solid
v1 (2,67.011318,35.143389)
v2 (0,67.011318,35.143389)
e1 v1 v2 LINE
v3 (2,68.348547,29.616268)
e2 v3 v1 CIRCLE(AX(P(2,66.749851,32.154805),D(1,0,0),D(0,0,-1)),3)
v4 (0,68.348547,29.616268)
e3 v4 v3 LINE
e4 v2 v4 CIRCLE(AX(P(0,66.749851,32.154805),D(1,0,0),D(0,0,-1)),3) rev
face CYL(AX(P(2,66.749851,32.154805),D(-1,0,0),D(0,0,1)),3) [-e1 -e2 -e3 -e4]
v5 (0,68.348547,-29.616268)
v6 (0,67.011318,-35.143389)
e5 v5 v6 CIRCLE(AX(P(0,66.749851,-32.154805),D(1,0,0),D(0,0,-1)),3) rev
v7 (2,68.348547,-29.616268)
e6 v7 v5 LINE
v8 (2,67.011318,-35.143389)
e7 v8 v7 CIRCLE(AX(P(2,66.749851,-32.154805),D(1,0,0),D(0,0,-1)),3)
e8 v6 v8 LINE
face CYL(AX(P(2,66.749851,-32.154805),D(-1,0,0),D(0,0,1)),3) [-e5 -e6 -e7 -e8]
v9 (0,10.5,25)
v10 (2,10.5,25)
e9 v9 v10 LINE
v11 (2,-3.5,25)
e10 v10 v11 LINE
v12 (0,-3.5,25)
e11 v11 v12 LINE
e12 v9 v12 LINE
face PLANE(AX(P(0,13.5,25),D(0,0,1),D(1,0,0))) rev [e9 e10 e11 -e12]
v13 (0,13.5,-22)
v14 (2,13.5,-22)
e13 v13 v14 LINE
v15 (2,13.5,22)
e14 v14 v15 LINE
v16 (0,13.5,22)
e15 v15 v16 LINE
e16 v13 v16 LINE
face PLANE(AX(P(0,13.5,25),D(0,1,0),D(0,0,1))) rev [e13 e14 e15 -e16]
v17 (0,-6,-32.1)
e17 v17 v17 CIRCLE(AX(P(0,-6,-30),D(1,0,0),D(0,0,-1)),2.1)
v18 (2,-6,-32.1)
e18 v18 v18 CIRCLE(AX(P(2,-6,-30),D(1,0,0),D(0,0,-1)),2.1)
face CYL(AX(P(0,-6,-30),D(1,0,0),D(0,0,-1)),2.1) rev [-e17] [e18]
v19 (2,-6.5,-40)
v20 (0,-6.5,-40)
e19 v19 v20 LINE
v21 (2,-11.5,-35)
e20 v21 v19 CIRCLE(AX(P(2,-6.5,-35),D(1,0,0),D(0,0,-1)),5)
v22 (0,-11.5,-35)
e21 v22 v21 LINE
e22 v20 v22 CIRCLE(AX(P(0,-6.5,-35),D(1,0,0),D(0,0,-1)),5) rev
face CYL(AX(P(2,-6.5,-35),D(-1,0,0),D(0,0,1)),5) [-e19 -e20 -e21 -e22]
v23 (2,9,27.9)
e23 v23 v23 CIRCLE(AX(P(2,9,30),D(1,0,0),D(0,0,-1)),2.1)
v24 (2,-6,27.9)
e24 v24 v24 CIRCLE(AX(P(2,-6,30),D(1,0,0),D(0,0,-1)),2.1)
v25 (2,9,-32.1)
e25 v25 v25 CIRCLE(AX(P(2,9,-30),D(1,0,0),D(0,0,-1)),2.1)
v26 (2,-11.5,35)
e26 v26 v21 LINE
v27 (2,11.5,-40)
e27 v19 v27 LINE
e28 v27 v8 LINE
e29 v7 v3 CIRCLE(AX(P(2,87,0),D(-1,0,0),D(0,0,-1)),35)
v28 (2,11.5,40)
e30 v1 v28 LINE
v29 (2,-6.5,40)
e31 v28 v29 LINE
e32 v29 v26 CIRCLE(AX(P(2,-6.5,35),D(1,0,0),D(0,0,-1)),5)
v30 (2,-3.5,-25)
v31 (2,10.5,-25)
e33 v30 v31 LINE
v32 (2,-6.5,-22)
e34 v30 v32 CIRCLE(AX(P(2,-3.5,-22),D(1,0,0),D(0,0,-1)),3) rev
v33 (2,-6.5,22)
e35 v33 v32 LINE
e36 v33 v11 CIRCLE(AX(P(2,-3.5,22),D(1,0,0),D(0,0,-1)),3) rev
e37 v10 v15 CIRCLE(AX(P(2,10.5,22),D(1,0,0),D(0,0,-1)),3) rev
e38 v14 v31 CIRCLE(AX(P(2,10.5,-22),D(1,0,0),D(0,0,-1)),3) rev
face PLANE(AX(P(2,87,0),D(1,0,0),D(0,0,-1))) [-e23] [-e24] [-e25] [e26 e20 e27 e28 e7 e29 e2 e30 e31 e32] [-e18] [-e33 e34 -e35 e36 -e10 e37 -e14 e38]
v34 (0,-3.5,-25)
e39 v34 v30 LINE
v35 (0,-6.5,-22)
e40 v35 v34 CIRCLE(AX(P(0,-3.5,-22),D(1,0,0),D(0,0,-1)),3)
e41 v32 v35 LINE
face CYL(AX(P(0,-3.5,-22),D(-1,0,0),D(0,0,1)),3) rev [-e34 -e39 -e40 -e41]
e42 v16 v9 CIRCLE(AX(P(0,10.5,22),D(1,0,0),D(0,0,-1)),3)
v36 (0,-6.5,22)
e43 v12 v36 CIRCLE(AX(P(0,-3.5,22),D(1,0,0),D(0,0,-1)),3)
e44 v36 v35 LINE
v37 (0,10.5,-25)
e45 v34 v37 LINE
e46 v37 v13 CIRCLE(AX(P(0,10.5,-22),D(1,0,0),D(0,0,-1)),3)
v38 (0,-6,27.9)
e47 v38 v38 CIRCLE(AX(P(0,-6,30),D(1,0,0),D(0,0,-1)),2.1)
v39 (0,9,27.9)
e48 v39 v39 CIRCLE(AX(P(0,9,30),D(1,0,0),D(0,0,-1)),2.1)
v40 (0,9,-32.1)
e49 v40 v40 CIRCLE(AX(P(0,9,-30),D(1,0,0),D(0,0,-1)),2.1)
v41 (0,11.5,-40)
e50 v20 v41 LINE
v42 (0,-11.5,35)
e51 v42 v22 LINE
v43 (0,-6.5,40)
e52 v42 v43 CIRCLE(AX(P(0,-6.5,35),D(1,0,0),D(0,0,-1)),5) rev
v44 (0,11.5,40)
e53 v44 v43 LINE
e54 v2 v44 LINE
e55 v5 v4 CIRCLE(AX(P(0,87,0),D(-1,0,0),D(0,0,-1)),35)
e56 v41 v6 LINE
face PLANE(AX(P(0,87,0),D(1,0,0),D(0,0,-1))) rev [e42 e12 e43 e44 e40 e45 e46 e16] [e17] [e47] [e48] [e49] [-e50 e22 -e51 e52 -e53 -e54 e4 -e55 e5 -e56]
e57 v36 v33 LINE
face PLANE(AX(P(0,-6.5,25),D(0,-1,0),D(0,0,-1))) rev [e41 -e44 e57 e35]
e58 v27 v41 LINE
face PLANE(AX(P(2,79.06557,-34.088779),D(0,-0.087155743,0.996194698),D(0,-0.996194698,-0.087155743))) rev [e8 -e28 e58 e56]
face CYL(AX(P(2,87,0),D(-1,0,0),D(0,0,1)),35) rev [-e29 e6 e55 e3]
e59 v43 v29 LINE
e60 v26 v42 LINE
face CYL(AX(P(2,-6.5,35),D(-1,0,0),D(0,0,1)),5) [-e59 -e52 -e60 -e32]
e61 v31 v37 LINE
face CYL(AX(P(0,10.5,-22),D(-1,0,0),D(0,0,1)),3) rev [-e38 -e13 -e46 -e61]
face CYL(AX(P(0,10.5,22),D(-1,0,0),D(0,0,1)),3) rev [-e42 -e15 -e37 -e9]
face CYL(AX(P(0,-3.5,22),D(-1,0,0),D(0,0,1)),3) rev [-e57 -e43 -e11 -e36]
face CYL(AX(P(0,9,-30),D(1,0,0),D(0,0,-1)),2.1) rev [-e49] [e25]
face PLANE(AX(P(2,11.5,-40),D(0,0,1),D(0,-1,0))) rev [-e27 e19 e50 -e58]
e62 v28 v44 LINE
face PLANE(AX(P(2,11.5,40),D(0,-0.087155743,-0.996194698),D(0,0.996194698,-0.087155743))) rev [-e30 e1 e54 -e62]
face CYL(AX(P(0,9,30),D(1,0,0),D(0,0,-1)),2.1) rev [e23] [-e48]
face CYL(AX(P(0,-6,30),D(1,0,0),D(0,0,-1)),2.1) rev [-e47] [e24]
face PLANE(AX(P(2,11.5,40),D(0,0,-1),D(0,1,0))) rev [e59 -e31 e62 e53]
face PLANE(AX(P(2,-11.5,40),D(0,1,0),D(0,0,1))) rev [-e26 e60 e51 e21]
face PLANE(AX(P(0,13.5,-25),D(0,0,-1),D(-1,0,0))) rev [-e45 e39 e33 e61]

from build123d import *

# Parameters (mm, degrees)
EXTRUDE_1_DEPTH     = 2
SKETCH_2_R          = 2.1
SKETCH_2_W          = 50
SKETCH_2_H          = 20
CUT_EXTRUDE_1_DEPTH = 2
FILLET_1_R          = 3
FILLET_2_R          = 5


with BuildPart() as part:
    # 草图1 → 凸台-拉伸1 (new body)
    with BuildSketch(Plane(origin=(0, 0, 0), x_dir=(0, 0, -1), z_dir=(1, 0, 0))):
        with BuildLine():
            Line((-40, 11.5), (-34.088778562, 79.065570207))
            ThreePointArc((-34.088778562, 79.065570207), (0, 52), (34.088778562, 79.065570207))
            Line((34.088778562, 79.065570207), (40, 11.5))
            Line((40, 11.5), (40, -11.5))
            Line((40, -11.5), (-40, -11.5))
            Line((-40, -11.5), (-40, 11.5))
        make_face()
    extrude(amount=EXTRUDE_1_DEPTH)

    # 草图2 → 切除-拉伸1 (cut)
    with BuildSketch(Plane(origin=(2, 0, 0), x_dir=(0, 0, -1), z_dir=(1, 0, 0))):
        with Locations((-30, 9)):
            Circle(SKETCH_2_R)
        with Locations((-30, -6)):
            Circle(SKETCH_2_R)
        with Locations((30, -6)):
            Circle(SKETCH_2_R)
        with Locations((30, 9)):
            Circle(SKETCH_2_R)
        with Locations((0, 3.5)):
            Rectangle(SKETCH_2_W, SKETCH_2_H)
    extrude(amount=-CUT_EXTRUDE_1_DEPTH, mode=Mode.SUBTRACT)

    # 圆角1
    fillet_1_edges = [part.edges().sort_by_distance(p)[0] for p in [
        (1, 79.065570207, 34.088778562),
        (1, 79.065570207, -34.088778562),
        (1, 13.5, -25),
        (1, -6.5, -25),
        (1, -6.5, 25),
        (1, 13.5, 25),
    ]]
    fillet(fillet_1_edges, radius=FILLET_1_R)

    # 圆角2
    fillet_2_edges = [part.edges().sort_by_distance(p)[0] for p in [
        (1, -11.5, -40),
        (1, -11.5, 40),
    ]]
    fillet(fillet_2_edges, radius=FILLET_2_R)


solid = part.part
